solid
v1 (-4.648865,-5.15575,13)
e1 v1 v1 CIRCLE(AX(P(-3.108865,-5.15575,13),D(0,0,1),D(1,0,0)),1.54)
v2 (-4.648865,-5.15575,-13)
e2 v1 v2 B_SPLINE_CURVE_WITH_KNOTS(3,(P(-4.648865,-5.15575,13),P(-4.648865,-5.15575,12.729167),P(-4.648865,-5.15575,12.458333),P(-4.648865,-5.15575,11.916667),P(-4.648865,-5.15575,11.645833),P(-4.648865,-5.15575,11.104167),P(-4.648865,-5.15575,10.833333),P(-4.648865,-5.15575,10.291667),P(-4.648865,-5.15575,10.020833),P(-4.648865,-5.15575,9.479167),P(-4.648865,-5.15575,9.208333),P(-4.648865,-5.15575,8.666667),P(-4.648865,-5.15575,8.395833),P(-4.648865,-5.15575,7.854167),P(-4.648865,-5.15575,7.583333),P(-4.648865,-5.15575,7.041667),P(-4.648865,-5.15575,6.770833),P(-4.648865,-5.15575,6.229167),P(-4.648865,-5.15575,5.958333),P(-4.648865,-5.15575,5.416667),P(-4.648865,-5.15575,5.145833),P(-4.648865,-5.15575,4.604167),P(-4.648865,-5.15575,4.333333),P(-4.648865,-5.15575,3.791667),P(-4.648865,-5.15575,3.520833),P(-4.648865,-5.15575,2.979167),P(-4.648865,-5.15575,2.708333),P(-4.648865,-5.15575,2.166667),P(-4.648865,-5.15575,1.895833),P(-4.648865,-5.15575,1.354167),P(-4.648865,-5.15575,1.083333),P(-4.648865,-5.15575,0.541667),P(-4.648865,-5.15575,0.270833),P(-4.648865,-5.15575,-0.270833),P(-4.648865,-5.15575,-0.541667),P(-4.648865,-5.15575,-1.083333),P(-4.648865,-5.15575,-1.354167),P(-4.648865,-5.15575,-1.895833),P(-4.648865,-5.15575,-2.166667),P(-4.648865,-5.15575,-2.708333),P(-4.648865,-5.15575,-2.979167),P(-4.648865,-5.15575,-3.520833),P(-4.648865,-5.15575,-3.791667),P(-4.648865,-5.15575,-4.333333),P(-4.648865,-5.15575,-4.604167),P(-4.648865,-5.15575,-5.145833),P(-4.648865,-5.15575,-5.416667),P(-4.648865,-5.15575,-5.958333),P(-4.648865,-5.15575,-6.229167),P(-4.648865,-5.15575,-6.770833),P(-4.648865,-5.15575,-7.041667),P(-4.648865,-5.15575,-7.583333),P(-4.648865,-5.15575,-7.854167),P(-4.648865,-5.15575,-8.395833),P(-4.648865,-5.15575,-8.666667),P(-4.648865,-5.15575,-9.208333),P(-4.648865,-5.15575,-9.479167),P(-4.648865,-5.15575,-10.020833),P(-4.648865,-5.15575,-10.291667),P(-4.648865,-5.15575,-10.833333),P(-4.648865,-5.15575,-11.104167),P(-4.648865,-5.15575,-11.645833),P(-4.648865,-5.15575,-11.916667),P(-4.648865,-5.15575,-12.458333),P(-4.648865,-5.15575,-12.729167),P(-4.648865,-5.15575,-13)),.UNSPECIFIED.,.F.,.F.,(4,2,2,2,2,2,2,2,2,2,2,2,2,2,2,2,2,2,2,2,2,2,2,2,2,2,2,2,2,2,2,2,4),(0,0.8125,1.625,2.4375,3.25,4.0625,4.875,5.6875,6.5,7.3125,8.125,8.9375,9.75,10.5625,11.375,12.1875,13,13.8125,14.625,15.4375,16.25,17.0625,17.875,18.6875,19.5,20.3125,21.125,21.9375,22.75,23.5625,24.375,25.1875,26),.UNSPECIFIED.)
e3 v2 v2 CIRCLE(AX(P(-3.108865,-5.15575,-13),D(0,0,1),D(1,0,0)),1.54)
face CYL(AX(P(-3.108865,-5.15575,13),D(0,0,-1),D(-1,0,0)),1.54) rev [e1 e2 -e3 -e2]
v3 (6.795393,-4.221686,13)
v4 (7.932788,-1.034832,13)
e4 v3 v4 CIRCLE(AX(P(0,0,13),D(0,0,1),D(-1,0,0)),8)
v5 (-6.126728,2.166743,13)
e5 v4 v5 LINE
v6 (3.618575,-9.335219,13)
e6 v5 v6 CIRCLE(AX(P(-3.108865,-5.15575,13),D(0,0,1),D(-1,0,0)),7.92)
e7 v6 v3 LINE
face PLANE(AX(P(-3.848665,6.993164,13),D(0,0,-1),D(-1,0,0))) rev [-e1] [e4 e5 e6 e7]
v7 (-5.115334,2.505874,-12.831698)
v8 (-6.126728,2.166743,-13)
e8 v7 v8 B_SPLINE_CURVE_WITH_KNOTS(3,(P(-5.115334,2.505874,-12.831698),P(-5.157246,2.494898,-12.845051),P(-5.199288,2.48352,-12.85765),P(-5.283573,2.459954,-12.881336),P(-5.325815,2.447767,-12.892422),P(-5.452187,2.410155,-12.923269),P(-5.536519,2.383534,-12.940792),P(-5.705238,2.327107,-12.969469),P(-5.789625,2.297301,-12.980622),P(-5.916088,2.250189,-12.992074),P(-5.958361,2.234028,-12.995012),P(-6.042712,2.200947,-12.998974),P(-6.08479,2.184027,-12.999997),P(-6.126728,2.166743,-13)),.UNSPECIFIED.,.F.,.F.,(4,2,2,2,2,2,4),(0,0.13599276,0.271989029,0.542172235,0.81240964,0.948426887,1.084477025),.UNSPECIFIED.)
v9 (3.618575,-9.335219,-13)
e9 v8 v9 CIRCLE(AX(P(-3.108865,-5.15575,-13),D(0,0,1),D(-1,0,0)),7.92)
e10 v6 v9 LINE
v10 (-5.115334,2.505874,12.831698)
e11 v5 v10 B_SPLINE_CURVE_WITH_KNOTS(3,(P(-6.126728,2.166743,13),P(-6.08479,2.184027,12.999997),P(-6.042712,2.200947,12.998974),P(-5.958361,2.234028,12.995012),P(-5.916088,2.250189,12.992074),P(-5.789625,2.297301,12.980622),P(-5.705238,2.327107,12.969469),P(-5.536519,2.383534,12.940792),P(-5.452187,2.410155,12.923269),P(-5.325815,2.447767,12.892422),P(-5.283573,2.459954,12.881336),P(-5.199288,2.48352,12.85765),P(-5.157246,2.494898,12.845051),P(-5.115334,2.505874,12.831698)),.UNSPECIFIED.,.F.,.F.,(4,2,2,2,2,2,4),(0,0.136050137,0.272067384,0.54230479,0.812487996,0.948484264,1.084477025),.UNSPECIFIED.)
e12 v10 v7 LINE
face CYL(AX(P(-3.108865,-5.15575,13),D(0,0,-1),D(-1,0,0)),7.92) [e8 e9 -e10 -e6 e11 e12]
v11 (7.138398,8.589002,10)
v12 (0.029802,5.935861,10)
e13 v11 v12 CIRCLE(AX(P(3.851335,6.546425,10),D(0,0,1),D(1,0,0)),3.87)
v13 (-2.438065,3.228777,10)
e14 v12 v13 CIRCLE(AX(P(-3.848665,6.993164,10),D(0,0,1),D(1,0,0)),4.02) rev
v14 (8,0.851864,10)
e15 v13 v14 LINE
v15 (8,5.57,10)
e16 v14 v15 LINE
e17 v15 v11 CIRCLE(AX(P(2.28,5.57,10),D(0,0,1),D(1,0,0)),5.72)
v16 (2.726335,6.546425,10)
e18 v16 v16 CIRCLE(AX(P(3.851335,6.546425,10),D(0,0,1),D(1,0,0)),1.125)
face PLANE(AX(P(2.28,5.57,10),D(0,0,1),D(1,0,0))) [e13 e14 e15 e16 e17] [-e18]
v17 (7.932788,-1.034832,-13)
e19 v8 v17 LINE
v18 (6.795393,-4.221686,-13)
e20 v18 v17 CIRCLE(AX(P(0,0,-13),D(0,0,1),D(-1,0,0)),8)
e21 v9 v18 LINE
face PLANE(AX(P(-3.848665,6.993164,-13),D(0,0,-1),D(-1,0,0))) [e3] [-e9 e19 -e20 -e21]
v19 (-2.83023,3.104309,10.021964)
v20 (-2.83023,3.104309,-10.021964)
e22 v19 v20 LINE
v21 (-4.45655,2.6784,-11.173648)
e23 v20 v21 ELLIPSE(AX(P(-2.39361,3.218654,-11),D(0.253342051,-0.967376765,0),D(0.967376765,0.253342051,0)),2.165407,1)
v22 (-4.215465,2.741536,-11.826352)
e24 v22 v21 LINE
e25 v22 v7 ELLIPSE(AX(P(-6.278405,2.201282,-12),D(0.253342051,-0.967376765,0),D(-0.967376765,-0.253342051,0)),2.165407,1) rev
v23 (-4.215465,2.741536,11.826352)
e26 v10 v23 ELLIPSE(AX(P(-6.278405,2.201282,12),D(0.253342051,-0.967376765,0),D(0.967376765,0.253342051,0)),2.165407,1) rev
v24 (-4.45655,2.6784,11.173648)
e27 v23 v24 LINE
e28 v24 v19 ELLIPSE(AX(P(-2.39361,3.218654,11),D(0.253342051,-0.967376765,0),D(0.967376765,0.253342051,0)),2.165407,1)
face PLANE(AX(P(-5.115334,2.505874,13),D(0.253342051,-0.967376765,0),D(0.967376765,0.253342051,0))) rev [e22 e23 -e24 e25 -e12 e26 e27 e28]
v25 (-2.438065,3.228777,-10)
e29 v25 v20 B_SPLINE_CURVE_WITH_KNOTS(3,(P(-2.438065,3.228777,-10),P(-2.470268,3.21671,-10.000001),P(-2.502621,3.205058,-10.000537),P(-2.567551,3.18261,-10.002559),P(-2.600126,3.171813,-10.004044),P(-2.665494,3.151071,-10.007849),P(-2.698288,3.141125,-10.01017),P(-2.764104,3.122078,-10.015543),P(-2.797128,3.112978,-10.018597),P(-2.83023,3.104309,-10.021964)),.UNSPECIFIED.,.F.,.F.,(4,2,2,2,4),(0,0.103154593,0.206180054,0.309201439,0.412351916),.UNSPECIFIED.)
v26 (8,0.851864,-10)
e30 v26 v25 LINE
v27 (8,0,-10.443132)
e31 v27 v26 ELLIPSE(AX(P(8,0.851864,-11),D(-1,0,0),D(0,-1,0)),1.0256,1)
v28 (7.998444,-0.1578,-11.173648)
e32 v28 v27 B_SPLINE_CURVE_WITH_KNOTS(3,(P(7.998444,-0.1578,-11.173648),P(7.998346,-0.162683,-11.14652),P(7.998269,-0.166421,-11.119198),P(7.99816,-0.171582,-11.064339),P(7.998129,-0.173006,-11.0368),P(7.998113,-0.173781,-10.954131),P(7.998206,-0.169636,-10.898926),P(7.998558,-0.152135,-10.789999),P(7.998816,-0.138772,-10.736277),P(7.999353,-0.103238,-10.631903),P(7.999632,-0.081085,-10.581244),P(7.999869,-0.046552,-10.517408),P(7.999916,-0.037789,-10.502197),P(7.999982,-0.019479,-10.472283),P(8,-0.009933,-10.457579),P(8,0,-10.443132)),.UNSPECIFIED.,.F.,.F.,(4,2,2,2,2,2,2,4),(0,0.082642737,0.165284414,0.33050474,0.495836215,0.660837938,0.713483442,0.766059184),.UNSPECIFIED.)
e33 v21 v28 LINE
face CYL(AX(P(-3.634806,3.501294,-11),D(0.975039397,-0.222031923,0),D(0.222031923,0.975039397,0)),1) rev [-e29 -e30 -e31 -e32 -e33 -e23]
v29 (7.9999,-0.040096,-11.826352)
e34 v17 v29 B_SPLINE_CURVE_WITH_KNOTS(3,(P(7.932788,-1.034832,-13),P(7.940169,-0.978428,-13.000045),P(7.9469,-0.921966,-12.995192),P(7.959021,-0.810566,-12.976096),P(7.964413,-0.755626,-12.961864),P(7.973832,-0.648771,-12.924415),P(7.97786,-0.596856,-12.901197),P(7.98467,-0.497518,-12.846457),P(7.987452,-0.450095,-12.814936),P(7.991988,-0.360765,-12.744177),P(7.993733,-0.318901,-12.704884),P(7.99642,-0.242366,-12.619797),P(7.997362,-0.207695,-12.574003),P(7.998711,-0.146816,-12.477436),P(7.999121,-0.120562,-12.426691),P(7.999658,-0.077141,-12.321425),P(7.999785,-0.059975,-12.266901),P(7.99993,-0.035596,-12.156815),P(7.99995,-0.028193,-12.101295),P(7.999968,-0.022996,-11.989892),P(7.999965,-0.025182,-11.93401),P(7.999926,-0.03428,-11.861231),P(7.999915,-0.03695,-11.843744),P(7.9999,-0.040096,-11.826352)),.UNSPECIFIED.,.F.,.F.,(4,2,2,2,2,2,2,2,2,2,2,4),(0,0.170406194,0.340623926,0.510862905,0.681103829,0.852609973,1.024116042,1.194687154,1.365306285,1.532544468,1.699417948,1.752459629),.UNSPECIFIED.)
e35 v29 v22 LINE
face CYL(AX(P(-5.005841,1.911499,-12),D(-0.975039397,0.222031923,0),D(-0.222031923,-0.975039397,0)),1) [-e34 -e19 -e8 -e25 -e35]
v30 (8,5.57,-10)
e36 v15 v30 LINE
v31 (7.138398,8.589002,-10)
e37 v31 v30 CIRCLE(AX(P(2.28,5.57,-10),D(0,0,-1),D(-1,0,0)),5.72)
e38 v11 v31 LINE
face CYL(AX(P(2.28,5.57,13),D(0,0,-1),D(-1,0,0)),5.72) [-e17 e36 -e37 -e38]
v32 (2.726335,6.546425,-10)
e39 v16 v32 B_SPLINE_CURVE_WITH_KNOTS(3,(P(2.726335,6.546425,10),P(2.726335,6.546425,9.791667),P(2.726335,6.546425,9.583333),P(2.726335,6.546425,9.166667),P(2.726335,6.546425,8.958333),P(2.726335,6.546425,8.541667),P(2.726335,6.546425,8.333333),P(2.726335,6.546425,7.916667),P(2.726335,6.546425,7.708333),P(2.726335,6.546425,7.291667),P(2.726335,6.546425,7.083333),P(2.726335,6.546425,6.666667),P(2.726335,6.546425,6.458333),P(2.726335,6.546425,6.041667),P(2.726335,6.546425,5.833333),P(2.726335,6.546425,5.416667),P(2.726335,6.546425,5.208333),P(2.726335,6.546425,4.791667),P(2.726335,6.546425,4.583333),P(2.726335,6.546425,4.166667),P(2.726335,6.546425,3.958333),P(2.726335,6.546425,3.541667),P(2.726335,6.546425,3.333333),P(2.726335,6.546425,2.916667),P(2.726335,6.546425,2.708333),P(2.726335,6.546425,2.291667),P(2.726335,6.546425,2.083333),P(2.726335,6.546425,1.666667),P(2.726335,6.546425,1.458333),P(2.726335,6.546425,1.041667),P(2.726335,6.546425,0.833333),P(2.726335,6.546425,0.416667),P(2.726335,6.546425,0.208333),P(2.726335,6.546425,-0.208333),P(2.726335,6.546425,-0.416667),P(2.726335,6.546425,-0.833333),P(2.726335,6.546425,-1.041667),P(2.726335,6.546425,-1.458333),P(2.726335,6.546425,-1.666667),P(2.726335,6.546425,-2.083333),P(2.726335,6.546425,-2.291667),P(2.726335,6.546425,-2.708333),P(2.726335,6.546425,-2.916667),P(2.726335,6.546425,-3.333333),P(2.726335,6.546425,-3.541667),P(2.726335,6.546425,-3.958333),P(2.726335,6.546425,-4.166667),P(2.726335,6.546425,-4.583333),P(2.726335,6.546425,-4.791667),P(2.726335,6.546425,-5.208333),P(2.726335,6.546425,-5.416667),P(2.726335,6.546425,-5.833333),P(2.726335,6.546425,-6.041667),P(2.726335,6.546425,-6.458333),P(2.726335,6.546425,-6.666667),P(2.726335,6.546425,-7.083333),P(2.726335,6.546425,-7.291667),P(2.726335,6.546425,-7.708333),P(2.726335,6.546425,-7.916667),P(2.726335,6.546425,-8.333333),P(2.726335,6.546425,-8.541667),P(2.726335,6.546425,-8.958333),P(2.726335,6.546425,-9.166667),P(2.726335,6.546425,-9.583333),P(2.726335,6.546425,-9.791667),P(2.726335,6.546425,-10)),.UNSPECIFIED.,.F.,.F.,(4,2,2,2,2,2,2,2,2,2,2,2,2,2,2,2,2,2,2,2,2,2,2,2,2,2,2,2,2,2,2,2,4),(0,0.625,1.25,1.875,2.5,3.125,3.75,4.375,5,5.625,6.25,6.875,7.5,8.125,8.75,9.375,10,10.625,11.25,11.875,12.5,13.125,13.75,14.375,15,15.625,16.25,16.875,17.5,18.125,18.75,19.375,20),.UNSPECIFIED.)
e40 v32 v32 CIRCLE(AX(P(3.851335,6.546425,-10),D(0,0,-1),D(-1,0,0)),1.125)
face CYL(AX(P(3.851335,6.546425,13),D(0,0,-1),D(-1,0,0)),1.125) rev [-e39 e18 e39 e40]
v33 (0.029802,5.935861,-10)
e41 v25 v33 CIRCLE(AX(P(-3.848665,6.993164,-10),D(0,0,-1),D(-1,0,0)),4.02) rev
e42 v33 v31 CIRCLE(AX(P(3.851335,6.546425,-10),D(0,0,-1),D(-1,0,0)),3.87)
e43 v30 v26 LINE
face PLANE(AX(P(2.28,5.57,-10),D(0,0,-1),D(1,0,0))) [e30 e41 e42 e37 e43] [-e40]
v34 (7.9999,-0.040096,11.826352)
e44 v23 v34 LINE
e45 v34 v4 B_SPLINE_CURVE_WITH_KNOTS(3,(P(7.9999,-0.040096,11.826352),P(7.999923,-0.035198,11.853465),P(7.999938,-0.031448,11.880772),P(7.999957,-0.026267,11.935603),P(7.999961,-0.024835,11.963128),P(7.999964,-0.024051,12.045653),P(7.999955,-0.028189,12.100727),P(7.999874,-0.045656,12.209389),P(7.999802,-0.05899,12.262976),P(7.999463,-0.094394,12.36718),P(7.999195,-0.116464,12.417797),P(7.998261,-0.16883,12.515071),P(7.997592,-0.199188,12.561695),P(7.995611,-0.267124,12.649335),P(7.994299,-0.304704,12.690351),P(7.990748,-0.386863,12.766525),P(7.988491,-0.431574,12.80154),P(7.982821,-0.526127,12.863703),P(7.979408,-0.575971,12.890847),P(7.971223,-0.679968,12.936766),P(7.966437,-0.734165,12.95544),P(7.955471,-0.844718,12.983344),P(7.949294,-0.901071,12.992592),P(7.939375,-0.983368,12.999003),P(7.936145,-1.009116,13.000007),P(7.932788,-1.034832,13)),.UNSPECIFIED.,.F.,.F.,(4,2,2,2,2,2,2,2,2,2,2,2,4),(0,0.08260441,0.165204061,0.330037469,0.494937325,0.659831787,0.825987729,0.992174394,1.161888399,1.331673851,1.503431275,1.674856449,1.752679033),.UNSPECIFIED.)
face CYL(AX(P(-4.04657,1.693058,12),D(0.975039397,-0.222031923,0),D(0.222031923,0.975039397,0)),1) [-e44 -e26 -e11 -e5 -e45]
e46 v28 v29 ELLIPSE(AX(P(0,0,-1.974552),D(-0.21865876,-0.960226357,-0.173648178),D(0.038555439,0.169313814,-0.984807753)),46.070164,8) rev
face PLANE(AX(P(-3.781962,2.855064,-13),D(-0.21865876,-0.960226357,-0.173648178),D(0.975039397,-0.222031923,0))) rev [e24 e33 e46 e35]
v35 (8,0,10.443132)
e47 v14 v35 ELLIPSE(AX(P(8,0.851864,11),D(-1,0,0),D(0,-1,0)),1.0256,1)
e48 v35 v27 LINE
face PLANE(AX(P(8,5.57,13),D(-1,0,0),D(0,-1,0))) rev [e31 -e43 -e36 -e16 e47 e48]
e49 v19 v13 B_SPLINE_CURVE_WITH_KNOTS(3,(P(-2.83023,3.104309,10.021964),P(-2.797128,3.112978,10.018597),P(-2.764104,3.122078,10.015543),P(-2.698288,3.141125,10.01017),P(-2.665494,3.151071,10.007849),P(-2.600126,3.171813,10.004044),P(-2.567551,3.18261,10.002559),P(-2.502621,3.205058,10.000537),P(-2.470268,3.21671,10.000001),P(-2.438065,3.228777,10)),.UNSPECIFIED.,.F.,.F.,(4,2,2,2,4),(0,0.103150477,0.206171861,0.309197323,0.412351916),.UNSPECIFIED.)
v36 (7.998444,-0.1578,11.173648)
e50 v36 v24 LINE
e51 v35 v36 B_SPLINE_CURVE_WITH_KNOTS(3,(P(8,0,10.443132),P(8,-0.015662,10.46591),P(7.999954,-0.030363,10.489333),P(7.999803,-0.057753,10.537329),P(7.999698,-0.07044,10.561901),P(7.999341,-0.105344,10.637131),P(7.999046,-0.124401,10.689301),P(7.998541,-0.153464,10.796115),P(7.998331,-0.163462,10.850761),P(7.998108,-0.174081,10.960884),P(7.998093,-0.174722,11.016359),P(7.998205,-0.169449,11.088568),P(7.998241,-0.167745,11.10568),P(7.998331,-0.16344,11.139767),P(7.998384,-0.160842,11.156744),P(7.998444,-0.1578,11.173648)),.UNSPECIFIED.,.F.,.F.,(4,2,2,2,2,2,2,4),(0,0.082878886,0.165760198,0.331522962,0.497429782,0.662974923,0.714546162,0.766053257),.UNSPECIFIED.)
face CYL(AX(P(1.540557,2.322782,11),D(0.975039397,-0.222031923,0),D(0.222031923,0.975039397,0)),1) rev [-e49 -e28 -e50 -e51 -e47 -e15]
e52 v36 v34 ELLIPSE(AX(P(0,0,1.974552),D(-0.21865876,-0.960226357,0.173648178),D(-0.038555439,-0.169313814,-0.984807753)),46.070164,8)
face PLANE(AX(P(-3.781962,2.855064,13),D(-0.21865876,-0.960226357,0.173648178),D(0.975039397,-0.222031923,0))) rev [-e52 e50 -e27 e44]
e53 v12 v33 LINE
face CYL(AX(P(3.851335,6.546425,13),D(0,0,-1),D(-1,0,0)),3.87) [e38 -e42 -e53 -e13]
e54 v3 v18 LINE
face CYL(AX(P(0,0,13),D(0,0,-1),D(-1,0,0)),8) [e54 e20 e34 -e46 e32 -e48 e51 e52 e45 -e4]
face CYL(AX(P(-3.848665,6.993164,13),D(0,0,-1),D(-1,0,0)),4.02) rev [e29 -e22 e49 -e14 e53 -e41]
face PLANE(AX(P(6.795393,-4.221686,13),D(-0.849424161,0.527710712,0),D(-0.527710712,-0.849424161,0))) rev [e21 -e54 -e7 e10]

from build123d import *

# Parameters (mm, degrees)
SKETCH1_R           = 1.125
SKETCH1_R_2         = 1.54
BOSS_EXTRUDE1_DEPTH = 13
SKETCH2_R           = 1.125
CUT_EXTRUDE1_DEPTH  = 3
CUT_EXTRUDE1_TAPER  = -10
FILLET1_R           = 1
FILLET2_R           = 1
FILLET3_R           = 1
FILLET4_R           = 1


with BuildPart() as part:
    # Sketch1 → Boss-Extrude1 (new, symmetric)
    with BuildSketch(Plane.XY):
        with BuildLine():
            Line((8, 5.57), (8, 0))
            ThreePointArc((8, 0), (7.692956073, -2.195091538), (6.795393285, -4.221685695))
            Line((6.795393285, -4.221685695), (3.618574799, -9.335219142))
            ThreePointArc((3.618574799, -9.335219142), (-9.482620111, -9.856988447), (-5.1153336, 2.505873673))
            Line((-5.1153336, 2.505873673), (-2.830230063, 3.104309401))
            ThreePointArc((-2.830230063, 3.104309401), (-1.020355645, 4.136406118), (0.029802368, 5.93586081))
            ThreePointArc((0.029802368, 5.93586081), (2.498115044, 10.172124839), (7.138397607, 8.589001937))
            ThreePointArc((7.138397607, 8.589001937), (7.780383364, 7.13977159), (8, 5.57))
        make_face()
        with Locations(Location((3.85133489, 6.546425452, 0), (0, 0, 180))):
            Circle(SKETCH1_R, mode=Mode.SUBTRACT)
        with Locations(Location((-3.108864553, -5.155750304, 0), (0, 0, 180))):
            Circle(SKETCH1_R_2, mode=Mode.SUBTRACT)
    extrude(amount=BOSS_EXTRUDE1_DEPTH, both=True)

    # Sketch2 → Cut-Extrude1 (cut)
    with BuildSketch(Plane.XY.offset(13)):
        with BuildLine():
            Line((8, 0.172124839), (8, 5.57))
            ThreePointArc((8, 5.57), (7.780383364, 7.13977159), (7.138397607, 8.589001937))
            ThreePointArc((7.138397607, 8.589001937), (2.498115044, 10.172124839), (0.029802368, 5.93586081))
            ThreePointArc((0.029802368, 5.93586081), (-1.020355645, 4.136406118), (-2.830230063, 3.104309401))
            Line((-2.830230063, 3.104309401), (-3.781962396, 2.855064401))
            Line((-3.781962396, 2.855064401), (8, 0.172124839))
        make_face()
        with Locations(Location((3.85133489, 6.546425452, 0), (0, 0, 180))):
            Circle(SKETCH2_R, mode=Mode.SUBTRACT)
    cut_extrude1 = extrude(amount=-CUT_EXTRUDE1_DEPTH, taper=CUT_EXTRUDE1_TAPER, mode=Mode.SUBTRACT)

    # Mirror1: Cut-Extrude1 across plane
    add(cut_extrude1.mirror(Plane.XY), mode=Mode.SUBTRACT)

    # Fillet1
    fillet1_edges = [part.edges().sort_by_distance(p)[0] for p in [
        (2.109018802, 1.51359462, -13),
    ]]
    fillet(fillet1_edges, radius=FILLET1_R)

    # Fillet2
    fillet2_edges = [part.edges().sort_by_distance(p)[0] for p in [
        (2.109018802, 1.51359462, 13),
    ]]
    fillet(fillet2_edges, radius=FILLET2_R)

    # Fillet3
    fillet3_edges = [part.edges().sort_by_distance(p)[0] for p in [
        (1.550728698, 1.09820349, -10),
    ]]
    fillet(fillet3_edges, radius=FILLET3_R)

    # Fillet4
    fillet4_edges = [part.edges().sort_by_distance(p)[0] for p in [
        (1.550728698, 1.09820349, 10),
    ]]
    fillet(fillet4_edges, radius=FILLET4_R)


solid = part.part
